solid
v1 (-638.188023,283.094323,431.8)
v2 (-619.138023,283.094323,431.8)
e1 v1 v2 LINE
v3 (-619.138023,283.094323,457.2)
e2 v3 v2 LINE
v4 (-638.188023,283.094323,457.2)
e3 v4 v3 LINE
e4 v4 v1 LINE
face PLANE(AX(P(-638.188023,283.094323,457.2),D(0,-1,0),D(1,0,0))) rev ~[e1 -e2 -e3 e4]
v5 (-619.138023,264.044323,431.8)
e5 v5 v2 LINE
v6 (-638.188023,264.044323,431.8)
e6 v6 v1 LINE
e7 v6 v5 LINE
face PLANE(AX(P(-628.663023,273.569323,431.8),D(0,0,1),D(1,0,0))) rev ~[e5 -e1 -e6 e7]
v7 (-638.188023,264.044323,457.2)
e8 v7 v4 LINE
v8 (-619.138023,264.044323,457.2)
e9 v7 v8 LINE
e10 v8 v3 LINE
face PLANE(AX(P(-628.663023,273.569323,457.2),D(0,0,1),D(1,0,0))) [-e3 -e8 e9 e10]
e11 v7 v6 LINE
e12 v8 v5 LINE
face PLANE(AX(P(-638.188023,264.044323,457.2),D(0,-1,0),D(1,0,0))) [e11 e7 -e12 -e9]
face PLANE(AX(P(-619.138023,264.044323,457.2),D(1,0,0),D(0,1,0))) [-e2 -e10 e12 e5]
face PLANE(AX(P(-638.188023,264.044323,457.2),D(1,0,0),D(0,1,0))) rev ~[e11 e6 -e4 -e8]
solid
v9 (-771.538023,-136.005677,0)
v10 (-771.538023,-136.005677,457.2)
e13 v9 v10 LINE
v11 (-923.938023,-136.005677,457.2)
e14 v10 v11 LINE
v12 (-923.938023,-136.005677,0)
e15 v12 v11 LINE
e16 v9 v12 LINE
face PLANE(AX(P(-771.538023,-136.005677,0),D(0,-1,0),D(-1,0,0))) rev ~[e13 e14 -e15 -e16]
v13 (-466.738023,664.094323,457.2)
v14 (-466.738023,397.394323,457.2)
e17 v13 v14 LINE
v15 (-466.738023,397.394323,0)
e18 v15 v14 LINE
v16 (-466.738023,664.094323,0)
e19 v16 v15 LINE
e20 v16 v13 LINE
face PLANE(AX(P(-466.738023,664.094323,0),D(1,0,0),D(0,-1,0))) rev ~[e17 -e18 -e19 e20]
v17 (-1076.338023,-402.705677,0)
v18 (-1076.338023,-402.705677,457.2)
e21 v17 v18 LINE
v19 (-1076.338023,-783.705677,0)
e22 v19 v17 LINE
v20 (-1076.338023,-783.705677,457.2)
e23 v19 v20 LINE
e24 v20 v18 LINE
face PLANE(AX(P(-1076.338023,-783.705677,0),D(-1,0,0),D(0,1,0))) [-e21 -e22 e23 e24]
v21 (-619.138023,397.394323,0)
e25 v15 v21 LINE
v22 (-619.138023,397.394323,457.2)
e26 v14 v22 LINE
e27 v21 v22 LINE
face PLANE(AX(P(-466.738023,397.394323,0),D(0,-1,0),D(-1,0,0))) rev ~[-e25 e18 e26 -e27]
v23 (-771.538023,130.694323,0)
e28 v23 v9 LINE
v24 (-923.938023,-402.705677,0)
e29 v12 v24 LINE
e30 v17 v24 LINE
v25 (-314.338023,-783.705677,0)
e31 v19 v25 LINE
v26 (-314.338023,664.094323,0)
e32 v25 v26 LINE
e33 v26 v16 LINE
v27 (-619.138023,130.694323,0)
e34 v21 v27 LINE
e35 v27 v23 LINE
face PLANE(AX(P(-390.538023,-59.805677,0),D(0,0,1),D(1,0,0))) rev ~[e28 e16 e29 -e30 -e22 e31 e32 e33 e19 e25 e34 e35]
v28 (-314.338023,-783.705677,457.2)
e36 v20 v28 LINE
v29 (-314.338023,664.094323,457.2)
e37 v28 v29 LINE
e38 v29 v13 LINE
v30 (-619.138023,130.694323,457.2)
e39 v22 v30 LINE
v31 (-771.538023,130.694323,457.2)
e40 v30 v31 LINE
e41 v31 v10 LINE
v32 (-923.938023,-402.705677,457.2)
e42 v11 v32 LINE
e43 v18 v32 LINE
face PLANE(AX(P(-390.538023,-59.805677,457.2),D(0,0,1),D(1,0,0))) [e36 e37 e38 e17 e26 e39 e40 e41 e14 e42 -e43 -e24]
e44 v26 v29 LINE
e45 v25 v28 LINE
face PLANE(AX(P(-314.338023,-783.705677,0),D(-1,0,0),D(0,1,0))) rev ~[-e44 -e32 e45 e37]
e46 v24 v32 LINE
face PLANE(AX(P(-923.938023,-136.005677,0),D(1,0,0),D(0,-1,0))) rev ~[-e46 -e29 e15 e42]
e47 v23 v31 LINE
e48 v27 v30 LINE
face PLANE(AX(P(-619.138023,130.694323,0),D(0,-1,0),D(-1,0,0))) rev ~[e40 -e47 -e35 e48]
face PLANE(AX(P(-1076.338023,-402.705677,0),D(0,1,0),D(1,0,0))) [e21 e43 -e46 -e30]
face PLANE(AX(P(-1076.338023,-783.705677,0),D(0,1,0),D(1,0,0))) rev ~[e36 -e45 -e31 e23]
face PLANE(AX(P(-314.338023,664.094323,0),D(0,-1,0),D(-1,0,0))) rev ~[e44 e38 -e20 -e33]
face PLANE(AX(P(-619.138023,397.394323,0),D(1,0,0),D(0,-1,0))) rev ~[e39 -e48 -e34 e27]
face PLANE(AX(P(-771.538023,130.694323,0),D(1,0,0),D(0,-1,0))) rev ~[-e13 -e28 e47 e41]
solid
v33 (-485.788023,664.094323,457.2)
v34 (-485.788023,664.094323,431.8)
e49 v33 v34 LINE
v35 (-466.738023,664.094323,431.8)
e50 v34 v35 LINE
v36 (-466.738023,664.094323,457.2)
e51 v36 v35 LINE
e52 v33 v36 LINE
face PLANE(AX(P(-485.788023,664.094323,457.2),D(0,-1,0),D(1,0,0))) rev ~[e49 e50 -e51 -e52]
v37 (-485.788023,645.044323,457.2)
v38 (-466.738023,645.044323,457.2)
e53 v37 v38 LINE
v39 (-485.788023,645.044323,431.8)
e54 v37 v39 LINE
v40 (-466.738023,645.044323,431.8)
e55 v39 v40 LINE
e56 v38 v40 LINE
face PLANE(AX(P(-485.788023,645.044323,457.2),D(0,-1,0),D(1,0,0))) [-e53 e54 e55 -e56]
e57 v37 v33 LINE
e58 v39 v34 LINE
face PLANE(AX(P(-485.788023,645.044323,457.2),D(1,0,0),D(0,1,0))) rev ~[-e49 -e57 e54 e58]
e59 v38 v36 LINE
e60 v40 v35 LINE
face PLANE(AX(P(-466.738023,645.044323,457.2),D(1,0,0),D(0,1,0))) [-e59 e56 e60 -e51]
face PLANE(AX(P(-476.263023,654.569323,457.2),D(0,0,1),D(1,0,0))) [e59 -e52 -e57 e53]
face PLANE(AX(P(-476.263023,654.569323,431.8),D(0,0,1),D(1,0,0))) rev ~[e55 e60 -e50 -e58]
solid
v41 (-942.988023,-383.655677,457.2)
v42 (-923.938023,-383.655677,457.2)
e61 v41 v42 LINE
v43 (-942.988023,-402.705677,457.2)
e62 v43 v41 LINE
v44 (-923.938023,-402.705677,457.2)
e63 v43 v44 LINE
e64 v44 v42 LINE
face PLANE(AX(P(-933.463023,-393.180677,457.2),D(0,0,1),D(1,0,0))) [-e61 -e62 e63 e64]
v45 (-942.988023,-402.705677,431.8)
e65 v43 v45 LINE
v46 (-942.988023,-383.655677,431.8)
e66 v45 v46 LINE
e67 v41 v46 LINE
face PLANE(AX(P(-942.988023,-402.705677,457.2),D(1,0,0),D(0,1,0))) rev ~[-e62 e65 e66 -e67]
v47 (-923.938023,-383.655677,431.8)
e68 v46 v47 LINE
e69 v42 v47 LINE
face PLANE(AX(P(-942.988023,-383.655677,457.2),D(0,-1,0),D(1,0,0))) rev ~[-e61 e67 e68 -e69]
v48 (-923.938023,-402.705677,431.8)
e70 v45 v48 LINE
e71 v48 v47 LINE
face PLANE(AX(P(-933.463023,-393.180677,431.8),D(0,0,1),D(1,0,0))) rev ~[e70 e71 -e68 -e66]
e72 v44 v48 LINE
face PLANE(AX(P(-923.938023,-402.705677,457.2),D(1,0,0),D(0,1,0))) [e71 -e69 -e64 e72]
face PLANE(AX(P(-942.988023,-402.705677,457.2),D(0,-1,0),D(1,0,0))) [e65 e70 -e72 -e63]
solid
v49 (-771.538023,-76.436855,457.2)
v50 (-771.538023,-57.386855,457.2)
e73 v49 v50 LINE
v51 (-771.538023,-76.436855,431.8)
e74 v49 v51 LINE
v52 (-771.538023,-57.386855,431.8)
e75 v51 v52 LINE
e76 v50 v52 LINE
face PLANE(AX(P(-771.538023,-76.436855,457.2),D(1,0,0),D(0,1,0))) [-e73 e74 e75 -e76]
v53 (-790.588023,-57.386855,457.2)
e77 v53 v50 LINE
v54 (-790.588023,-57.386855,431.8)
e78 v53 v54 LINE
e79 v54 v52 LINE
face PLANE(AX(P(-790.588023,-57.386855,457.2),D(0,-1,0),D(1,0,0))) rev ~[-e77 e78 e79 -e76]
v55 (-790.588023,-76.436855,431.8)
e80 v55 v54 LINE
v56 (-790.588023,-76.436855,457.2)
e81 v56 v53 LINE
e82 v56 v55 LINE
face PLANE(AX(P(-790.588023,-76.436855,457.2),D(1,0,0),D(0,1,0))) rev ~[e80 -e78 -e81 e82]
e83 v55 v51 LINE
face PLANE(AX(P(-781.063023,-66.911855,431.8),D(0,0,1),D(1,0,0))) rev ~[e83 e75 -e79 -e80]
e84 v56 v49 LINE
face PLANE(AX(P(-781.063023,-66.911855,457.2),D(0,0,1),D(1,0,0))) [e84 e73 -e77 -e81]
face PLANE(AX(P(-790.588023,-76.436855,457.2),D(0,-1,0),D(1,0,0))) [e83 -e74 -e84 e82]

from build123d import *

# Parameters (mm, degrees)
F0_W     = 152.4
F0_H     = 381
F1_DEPTH = 457.2
F2_W     = 19.05
F2_H     = 19.05
F3_DEPTH = 25.4


with BuildPart() as f1:
    # F0 (on Top) → F1 (new body)
    with BuildSketch(Plane.XY):
        Polygon((-466.7380232334, 397.3943232992), (-466.7380232334, -783.7056767008), (-314.3380232334, -783.7056767008), (-314.3380232334, 664.0943232992), (-466.7380232334, 664.0943232992), align=None)
        Polygon((-619.1380232334, 130.6943232992), (-619.1380232334, -783.7056767008), (-466.7380232334, -783.7056767008), (-466.7380232334, 397.3943232992), (-619.1380232334, 397.3943232992), align=None)
        Polygon((-771.5380232334, -136.0056767008), (-771.5380232334, -783.7056767008), (-619.1380232334, -783.7056767008), (-619.1380232334, 130.6943232992), (-771.5380232334, 130.6943232992), align=None)
        Polygon((-923.9380232334, -136.0056767008), (-923.9380232334, -402.7056767008), (-923.9380232334, -783.7056767008), (-771.5380232334, -783.7056767008), (-771.5380232334, -136.0056767008), align=None)
        with Locations((-1000.1380232334, -593.2056767008)):
            Rectangle(F0_W, F0_H)
    extrude(amount=F1_DEPTH)


with BuildPart() as f3:
    # F2 (on face) → F3 (new body)
    with BuildSketch(Plane.XY.offset(457.2)):
        with Locations((-933.4630232334, -393.1806767008)):
            Rectangle(F2_W, F2_H)
    extrude(amount=-F3_DEPTH)


with BuildPart() as f3b:
    # F2 (on face) → F3, piece 2 (new body)
    with BuildSketch(Plane.XY.offset(457.2)):
        with Locations((-781.0630232334, -66.9118548989)):
            Rectangle(F2_W, F2_H)
    extrude(amount=-F3_DEPTH)


with BuildPart() as f3c:
    # F2 (on face) → F3, piece 3 (new body)
    with BuildSketch(Plane.XY.offset(457.2)):
        with Locations((-628.6630232334, 273.5693232992)):
            Rectangle(F2_W, F2_H)
    extrude(amount=-F3_DEPTH)


with BuildPart() as f3d:
    # F2 (on face) → F3, piece 4 (new body)
    with BuildSketch(Plane.XY.offset(457.2)):
        with Locations((-476.2630232334, 654.5693232992)):
            Rectangle(F2_W, F2_H)
    extrude(amount=-F3_DEPTH)


solid = Compound([f1.part, f3.part, f3b.part, f3c.part, f3d.part])
